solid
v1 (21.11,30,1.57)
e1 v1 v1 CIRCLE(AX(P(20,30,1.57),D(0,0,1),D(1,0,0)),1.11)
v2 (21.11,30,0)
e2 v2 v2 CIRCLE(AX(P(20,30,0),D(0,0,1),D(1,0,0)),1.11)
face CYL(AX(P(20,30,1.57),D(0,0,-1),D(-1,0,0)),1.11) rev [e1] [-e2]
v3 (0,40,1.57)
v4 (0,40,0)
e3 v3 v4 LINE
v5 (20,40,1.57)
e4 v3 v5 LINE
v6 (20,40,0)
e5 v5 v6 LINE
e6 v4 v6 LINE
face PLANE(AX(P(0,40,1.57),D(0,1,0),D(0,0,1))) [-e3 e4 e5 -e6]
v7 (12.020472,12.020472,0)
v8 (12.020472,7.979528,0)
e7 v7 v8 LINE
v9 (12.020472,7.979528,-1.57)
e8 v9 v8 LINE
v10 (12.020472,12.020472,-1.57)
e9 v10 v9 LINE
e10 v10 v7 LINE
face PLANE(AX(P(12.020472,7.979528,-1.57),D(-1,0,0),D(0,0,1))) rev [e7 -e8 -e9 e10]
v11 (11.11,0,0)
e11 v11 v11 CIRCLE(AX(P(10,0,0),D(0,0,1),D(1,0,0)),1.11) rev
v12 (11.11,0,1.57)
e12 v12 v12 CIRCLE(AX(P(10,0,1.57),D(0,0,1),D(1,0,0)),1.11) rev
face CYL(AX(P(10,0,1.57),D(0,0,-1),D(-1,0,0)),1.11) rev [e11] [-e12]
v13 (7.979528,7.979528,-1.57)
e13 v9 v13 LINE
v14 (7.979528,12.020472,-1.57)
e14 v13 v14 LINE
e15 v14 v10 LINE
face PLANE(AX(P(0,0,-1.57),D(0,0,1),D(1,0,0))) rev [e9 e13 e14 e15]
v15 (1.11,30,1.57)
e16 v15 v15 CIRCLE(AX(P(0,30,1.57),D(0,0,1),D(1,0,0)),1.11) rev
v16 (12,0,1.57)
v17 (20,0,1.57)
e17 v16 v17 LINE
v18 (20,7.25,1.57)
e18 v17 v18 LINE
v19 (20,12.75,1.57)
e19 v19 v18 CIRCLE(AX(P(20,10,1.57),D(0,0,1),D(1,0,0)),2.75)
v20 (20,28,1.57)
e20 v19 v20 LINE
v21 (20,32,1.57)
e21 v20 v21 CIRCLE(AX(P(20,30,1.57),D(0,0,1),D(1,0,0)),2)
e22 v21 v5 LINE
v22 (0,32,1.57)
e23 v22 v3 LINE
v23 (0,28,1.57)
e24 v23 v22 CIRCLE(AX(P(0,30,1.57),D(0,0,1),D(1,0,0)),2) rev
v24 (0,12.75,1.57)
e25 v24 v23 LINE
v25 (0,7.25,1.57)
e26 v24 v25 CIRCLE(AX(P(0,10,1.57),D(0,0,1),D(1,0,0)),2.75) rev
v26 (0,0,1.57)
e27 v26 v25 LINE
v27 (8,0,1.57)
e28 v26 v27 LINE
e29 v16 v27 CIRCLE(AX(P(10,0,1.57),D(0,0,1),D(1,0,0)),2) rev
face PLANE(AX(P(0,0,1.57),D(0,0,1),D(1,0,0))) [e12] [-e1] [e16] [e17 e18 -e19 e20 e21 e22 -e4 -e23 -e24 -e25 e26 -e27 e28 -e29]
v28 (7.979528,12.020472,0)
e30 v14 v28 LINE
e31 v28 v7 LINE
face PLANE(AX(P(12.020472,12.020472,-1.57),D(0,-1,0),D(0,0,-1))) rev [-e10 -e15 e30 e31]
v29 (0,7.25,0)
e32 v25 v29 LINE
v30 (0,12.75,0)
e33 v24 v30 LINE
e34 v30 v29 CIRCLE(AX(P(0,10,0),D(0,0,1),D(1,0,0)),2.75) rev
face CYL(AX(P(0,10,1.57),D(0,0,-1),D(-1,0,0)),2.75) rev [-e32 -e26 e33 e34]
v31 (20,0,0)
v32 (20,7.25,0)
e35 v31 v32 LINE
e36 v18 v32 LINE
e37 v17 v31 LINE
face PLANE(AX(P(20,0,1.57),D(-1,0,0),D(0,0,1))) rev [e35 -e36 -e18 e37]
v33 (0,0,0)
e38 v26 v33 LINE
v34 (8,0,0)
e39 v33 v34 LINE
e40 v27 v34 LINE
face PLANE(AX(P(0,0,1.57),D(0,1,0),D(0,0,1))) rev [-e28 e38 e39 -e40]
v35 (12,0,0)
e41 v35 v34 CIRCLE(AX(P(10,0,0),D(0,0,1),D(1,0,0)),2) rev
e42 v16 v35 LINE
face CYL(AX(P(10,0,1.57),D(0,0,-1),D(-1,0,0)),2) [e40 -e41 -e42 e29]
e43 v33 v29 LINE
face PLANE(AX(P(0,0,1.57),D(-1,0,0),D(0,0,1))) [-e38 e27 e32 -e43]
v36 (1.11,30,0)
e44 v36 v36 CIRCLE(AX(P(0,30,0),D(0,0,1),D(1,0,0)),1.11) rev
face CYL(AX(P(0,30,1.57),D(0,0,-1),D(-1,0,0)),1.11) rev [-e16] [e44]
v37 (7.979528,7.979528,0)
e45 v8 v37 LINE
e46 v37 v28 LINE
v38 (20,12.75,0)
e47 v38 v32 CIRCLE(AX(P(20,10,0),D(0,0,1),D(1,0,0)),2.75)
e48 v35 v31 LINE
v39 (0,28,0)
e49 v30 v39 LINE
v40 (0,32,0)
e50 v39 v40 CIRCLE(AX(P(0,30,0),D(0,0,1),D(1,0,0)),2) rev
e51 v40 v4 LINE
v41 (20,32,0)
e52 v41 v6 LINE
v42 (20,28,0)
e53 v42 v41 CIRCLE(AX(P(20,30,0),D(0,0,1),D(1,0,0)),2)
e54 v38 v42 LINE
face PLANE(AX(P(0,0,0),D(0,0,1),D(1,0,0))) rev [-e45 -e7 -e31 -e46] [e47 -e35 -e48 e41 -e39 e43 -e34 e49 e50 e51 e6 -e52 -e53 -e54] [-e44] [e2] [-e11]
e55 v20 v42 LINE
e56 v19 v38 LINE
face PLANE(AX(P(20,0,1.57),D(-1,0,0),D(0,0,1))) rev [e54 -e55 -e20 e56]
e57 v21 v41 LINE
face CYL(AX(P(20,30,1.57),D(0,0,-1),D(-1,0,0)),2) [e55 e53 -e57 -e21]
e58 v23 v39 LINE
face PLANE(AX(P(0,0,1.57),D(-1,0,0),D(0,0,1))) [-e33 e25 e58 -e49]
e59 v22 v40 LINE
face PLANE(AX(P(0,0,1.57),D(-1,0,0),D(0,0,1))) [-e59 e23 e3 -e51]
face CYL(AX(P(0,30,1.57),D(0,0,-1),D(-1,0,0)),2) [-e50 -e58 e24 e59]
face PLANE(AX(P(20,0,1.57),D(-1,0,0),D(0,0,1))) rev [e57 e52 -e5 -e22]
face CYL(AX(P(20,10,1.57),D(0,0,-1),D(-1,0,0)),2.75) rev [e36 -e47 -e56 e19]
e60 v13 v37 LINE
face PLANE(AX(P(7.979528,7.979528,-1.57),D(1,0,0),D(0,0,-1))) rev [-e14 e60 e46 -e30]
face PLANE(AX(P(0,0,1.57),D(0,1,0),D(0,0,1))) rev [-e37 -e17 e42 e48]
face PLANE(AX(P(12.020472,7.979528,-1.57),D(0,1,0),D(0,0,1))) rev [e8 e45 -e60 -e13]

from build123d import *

# Parameters (mm, degrees)
BOSS_EXTRUDE1_DEPTH = 1.57
SKETCH2_W           = 4.040944922
SKETCH2_H           = 4.040944922
BOSS_EXTRUDE2_DEPTH = 1.57


with BuildPart() as part:
    # Sketch1 → Boss-Extrude1 (new body)
    with BuildSketch(Plane.XY):
        with BuildLine():
            Line((10, 2), (10, 40))
            Line((10, 40), (0, 40))
            Line((0, 40), (0, 32))
            ThreePointArc((0, 32), (1.414213562, 31.414213562), (2, 30))
            ThreePointArc((2, 30), (1.414213562, 28.585786438), (0, 28))
            Line((0, 28), (0, 12.75))
            ThreePointArc((0, 12.75), (1.944543648, 11.944543648), (2.75, 10))
            ThreePointArc((2.75, 10), (1.944543648, 8.055456352), (0, 7.25))
            Line((0, 7.25), (0, 0))
            Line((0, 0), (8, 0))
            ThreePointArc((8, 0), (8.585786438, 1.414213562), (10, 2))
        make_face()
        with BuildLine():
            Line((20, 40), (10, 40))
            Line((10, 40), (10, 2))
            ThreePointArc((10, 2), (11.414213562, 1.414213562), (12, 0))
            Line((12, 0), (20, 0))
            Line((20, 0), (20, 7.25))
            ThreePointArc((20, 7.25), (17.25, 10), (20, 12.75))
            Line((20, 12.75), (20, 28))
            ThreePointArc((20, 28), (18, 30), (20, 32))
            Line((20, 32), (20, 40))
        make_face()
        with BuildLine():
            ThreePointArc((2, 30), (1.414213562, 31.414213562), (0, 32))
            Line((0, 32), (0, 31.11))
            ThreePointArc((0, 31.11), (0.784888527, 30.784888527), (1.11, 30))
            ThreePointArc((1.11, 30), (0.784888527, 29.215111473), (0, 28.89))
            Line((0, 28.89), (0, 28))
            ThreePointArc((0, 28), (1.414213562, 28.585786438), (2, 30))
        make_face()
        with BuildLine():
            Line((0, 31.11), (0, 32))
            ThreePointArc((0, 32), (-2, 30), (0, 28))
            Line((0, 28), (0, 28.89))
            ThreePointArc((0, 28.89), (-1.11, 30), (0, 31.11))
        make_face()
        with BuildLine():
            ThreePointArc((22, 30), (21.414213562, 31.414213562), (20, 32))
            Line((20, 32), (20, 31.11))
            ThreePointArc((20, 31.11), (20.784888527, 30.784888527), (21.11, 30))
            ThreePointArc((21.11, 30), (20.784888527, 29.215111473), (20, 28.89))
            Line((20, 28.89), (20, 28))
            ThreePointArc((20, 28), (21.414213562, 28.585786438), (22, 30))
        make_face()
        with BuildLine():
            Line((20, 31.11), (20, 32))
            ThreePointArc((20, 32), (18, 30), (20, 28))
            Line((20, 28), (20, 28.89))
            ThreePointArc((20, 28.89), (18.89, 30), (20, 31.11))
        make_face()
        with BuildLine():
            ThreePointArc((8, 0), (10, -2), (12, 0))
            Line((12, 0), (11.11, 0))
            ThreePointArc((11.11, 0), (10, -1.11), (8.89, 0))
            Line((8.89, 0), (8, 0))
        make_face()
        with BuildLine():
            ThreePointArc((12, 0), (11.414213562, 1.414213562), (10, 2))
            Line((10, 2), (10, 1.11))
            ThreePointArc((10, 1.11), (10.784888527, 0.784888527), (11.11, 0))
            Line((11.11, 0), (12, 0))
        make_face()
        with BuildLine():
            Line((10, 1.11), (10, 2))
            ThreePointArc((10, 2), (8.585786438, 1.414213562), (8, 0))
            Line((8, 0), (8.89, 0))
            ThreePointArc((8.89, 0), (9.215111473, 0.784888527), (10, 1.11))
        make_face()
    extrude(amount=BOSS_EXTRUDE1_DEPTH)

    # Sketch2 → Boss-Extrude2 (add)
    with BuildSketch(Plane(origin=(0, 0, 0), x_dir=(-1, 0, 0), z_dir=(0, 0, -1))):
        with Locations((-10, 10)):
            Rectangle(SKETCH2_W, SKETCH2_H)
    extrude(amount=BOSS_EXTRUDE2_DEPTH)


solid = part.part
